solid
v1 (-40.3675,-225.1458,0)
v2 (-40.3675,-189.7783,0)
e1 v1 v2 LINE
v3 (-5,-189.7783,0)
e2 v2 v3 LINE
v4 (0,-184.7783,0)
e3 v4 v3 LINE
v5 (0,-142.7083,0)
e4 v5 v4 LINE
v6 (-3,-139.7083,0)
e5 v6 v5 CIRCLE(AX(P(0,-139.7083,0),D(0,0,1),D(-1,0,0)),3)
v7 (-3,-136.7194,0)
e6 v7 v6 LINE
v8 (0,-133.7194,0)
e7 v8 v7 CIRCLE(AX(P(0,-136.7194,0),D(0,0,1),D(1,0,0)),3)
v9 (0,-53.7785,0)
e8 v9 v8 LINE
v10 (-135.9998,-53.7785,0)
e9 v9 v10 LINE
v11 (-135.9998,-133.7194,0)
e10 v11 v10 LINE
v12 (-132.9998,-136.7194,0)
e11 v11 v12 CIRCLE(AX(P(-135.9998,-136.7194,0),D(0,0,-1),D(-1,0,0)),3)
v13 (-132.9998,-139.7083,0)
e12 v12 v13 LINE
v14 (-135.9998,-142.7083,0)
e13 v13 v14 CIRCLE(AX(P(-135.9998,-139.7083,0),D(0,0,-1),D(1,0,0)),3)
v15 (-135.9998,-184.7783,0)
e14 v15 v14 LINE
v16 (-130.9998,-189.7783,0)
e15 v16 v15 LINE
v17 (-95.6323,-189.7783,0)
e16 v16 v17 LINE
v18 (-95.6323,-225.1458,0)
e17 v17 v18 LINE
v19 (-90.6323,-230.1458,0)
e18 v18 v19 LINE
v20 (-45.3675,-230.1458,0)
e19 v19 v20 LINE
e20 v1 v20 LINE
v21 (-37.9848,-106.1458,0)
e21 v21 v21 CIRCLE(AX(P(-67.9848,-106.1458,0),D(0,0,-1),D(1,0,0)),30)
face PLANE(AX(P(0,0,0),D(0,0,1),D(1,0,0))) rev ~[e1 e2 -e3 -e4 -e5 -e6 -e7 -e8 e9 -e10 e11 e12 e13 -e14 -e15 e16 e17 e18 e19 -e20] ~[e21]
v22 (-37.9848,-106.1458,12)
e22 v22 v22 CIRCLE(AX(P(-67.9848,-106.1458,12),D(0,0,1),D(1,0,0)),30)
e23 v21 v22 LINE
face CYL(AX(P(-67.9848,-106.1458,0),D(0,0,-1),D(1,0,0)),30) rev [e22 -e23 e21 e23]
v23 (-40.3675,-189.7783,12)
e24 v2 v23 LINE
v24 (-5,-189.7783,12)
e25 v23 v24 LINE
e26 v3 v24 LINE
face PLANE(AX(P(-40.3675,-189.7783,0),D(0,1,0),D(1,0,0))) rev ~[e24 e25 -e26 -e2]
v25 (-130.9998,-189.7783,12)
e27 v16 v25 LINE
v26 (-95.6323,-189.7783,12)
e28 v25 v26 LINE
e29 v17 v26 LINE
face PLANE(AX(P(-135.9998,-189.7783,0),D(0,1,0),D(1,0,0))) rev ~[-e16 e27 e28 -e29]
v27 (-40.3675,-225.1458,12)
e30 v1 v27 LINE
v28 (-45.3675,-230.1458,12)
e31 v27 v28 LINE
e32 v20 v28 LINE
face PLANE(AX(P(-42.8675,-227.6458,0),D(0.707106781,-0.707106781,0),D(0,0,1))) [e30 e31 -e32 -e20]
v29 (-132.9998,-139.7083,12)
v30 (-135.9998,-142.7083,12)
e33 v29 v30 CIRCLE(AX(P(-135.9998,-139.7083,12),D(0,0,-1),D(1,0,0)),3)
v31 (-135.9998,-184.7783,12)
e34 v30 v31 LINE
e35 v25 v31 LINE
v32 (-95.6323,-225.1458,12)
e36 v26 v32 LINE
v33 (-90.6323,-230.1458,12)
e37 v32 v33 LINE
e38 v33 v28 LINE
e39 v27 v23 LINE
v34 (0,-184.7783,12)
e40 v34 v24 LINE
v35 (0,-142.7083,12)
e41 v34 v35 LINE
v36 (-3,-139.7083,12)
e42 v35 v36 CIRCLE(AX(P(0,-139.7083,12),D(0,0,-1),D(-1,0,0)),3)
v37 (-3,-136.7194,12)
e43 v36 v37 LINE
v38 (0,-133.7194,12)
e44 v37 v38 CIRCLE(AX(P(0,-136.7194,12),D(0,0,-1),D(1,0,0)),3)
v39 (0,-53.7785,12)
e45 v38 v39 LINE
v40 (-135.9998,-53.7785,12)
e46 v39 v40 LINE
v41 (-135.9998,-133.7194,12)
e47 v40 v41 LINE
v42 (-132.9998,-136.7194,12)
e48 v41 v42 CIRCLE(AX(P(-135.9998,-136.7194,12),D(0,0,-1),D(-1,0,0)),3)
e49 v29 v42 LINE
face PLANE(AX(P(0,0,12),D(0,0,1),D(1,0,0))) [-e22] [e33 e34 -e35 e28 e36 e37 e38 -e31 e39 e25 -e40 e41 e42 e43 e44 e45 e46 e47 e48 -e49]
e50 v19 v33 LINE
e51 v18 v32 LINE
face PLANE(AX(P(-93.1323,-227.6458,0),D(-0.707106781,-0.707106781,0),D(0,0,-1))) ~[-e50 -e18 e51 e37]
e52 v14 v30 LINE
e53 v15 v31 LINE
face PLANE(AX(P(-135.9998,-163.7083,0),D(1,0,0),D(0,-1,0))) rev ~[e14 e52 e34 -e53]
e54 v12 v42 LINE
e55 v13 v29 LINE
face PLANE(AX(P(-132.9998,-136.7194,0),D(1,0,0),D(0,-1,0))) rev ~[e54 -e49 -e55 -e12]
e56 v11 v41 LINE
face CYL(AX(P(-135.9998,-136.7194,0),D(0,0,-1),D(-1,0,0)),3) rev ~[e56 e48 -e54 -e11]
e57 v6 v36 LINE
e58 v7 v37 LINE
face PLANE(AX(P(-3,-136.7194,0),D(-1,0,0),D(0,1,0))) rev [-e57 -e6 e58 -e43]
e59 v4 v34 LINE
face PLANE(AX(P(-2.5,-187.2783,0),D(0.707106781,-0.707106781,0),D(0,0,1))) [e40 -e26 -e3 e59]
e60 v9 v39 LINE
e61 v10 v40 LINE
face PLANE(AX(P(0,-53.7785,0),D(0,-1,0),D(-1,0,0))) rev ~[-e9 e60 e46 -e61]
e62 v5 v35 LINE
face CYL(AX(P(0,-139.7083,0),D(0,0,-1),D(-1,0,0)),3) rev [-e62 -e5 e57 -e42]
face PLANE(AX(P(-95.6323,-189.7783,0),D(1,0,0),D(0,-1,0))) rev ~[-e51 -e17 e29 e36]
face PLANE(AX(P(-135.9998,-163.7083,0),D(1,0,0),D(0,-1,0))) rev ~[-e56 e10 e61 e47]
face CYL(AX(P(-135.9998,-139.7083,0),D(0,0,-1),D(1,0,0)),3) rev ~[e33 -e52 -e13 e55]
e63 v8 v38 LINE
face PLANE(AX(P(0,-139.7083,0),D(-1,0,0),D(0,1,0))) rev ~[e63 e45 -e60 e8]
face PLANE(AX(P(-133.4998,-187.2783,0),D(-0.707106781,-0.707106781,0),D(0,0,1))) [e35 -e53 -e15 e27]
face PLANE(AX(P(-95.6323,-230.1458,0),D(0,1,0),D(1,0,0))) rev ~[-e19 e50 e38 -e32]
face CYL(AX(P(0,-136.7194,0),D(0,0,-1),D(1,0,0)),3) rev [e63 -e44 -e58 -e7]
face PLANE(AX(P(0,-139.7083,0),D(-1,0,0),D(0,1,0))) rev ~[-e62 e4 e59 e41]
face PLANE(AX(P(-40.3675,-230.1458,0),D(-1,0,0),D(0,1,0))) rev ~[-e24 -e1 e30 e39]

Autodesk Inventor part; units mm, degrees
ref_plane "YZ Plane" through (0, 0, 0) normal (1, 0, 0) x (0, 1, 0)
ref_plane "XZ Plane" through (0, 0, 0) normal (0, 1, 0) x (-1, 0, 0)
ref_plane "XY Plane" through (0, 0, 0) normal (0, 0, 1) x (1, 0, 0)
ref_plane "Work Plane1" through (0, 0, 0) normal (0, 0, 1) x (1, 0, 0)
sketch "Sketch1" plane through (0, 0, 0) normal (0, 0, 1) x (1, 0, 0)
  circle A0 centre (-67.9848, -106.1458) radius 30 projected
  line L0 (0, -139.7083) -> (0, -24) projected
  line L1 (-95.6323, -230.1458) -> (-40.3675, -230.1458)
  line L2 (-40.3675, -230.1458) -> (-40.3675, -106.1458)
  line L3 (-40.3675, -106.1458) -> (-95.6323, -106.1458)
  line L4 (-95.6323, -106.1458) -> (-95.6323, -230.1458)
  line L5 (-135.9998, -189.7783) -> (0, -189.7783)
  line L6 (0, -189.7783) -> (0, -53.7785)
  line L7 (0, -53.7785) -> (-135.9998, -53.7785)
  line L8 (-135.9998, -53.7785) -> (-135.9998, -189.7783)
  line L9 (-147.9998, -163.7083) -> (-135.9998, -163.7083) projected
  line L10 (-135.9998, -189.7783) -> (-135.9998, -163.7083) projected
  line L11 (-135.9998, -189.7783) -> (-147.9998, -189.7783) projected
  line L12 (-147.9998, -189.7783) -> (-147.9998, -163.7083) projected
  point P0 (0, 0)
  point P1 (-40.3675, -230.1458)
  point P2 (0, -189.7783)
  point P3 (-40.3675, -189.7783)
  point P4 (-95.6323, -189.7783)
extrude "Extrusion1" add sketch "Sketch1" along normal blind 12 contours A0 L4 L5 L8 L7 L0 L6 L2 | A0 L2 L5 L4 | L5 L2 L1 L4
chamfer "Chamfer1" distance 5 angle 45 4 edges at (-135.9998, -189.7783, 6) (-95.6323, -230.1458, 6) (-40.3675, -230.1458, 6) (0, -189.7783, 6)
sketch "Sketch4" plane through (0, 0, 0) normal (0, 0, -1) x (-1, 0, 0)
  line L0 (135.9998, -163.7083) -> (135.9998, -139.7083) projected
  line L1 (135.9998, -136.7194) -> (135.9998, 252.4278) projected
  line L2 (135.9998, -136.7194) -> (135.9998, -139.7083) construction
  line L3 (135.9998, -53.7785) -> (135.9998, -184.7783) projected
  line L4 (132.9998, -136.7194) -> (132.9998, -139.7083)
  line L5 (138.9998, -139.7083) -> (138.9998, -136.7194)
  arc A0 (138.9998, -136.7194) -> (132.9998, -136.7194) centre (135.9998, -136.7194) ccw
  arc A1 (132.9998, -139.7083) -> (138.9998, -139.7083) centre (135.9998, -139.7083) ccw
  point P0 (0, 0)
  point P1 (135.9998, -138.2139)
  point P2 (135.9998, -142.7083)
  point P3 (135.9998, -133.7194)
  dimension "d6" = 6
extrude "Extrusion2" cut sketch "Sketch4" against normal through all contours A1 L4 A0 L1 L3 L0
ref_plane "Work Plane2" through (-147.9998, 57.8542, 0) normal (-1, 0, 0) x (0, -1, 0)
ref_plane "Work Plane3" through (-67.9999, -53.7785, 12) normal (1, 0, 0) x (0, 0, -1)
mirror "Mirror1" about plane through (-67.9999, -53.7785, 12) normal (1, 0, 0) of "Extrusion2"
sketch "Sketch7" plane through (0, 0, 12) normal (0, 0, 1) x (1, 0, 0)
  circle A0 centre (-67.9848, -106.1458) radius 30 projected
  arc A1 (-3, -139.7083) -> (0, -142.7083) centre (0, -139.7083) ccw projected
  line L0 (-3, -139.7083) -> (-3, -136.7194) projected
  arc A2 (0, -133.7194) -> (-3, -136.7194) centre (0, -136.7194) ccw projected
  line L1 (0, -133.7194) -> (0, -53.7785) projected
  line L2 (0, -53.7785) -> (-135.9998, -53.7785) projected
  line L3 (-135.9998, -53.7785) -> (-135.9998, -133.7194) projected
  arc A3 (-132.9998, -136.7194) -> (-135.9998, -133.7194) centre (-135.9998, -136.7194) ccw projected
  line L4 (-132.9998, -136.7194) -> (-132.9998, -139.7083) projected
  arc A4 (-135.9998, -142.7083) -> (-132.9998, -139.7083) centre (-135.9998, -139.7083) ccw projected
  line L5 (-135.9998, -142.7083) -> (-135.9998, -184.7783) projected
  line L6 (-130.9998, -189.7783) -> (-135.9998, -184.7783) projected
  line L7 (-130.9998, -189.7783) -> (-95.6323, -189.7783) projected
  line L8 (-95.6323, -189.7783) -> (-95.6323, -225.1458) projected
  line L9 (-90.6323, -230.1458) -> (-95.6323, -225.1458) projected
  line L10 (-90.6323, -230.1458) -> (-45.3675, -230.1458) projected
  line L11 (-40.3675, -225.1458) -> (-45.3675, -230.1458) projected
  line L12 (-40.3675, -225.1458) -> (-40.3675, -189.7783) projected
  line L13 (-40.3675, -189.7783) -> (-5, -189.7783) projected
  line L14 (0, -184.7783) -> (-5, -189.7783) projected
  line L15 (0, -184.7783) -> (0, -142.7083) projected
  point P0 (0, 0)
properties part number "internal"
